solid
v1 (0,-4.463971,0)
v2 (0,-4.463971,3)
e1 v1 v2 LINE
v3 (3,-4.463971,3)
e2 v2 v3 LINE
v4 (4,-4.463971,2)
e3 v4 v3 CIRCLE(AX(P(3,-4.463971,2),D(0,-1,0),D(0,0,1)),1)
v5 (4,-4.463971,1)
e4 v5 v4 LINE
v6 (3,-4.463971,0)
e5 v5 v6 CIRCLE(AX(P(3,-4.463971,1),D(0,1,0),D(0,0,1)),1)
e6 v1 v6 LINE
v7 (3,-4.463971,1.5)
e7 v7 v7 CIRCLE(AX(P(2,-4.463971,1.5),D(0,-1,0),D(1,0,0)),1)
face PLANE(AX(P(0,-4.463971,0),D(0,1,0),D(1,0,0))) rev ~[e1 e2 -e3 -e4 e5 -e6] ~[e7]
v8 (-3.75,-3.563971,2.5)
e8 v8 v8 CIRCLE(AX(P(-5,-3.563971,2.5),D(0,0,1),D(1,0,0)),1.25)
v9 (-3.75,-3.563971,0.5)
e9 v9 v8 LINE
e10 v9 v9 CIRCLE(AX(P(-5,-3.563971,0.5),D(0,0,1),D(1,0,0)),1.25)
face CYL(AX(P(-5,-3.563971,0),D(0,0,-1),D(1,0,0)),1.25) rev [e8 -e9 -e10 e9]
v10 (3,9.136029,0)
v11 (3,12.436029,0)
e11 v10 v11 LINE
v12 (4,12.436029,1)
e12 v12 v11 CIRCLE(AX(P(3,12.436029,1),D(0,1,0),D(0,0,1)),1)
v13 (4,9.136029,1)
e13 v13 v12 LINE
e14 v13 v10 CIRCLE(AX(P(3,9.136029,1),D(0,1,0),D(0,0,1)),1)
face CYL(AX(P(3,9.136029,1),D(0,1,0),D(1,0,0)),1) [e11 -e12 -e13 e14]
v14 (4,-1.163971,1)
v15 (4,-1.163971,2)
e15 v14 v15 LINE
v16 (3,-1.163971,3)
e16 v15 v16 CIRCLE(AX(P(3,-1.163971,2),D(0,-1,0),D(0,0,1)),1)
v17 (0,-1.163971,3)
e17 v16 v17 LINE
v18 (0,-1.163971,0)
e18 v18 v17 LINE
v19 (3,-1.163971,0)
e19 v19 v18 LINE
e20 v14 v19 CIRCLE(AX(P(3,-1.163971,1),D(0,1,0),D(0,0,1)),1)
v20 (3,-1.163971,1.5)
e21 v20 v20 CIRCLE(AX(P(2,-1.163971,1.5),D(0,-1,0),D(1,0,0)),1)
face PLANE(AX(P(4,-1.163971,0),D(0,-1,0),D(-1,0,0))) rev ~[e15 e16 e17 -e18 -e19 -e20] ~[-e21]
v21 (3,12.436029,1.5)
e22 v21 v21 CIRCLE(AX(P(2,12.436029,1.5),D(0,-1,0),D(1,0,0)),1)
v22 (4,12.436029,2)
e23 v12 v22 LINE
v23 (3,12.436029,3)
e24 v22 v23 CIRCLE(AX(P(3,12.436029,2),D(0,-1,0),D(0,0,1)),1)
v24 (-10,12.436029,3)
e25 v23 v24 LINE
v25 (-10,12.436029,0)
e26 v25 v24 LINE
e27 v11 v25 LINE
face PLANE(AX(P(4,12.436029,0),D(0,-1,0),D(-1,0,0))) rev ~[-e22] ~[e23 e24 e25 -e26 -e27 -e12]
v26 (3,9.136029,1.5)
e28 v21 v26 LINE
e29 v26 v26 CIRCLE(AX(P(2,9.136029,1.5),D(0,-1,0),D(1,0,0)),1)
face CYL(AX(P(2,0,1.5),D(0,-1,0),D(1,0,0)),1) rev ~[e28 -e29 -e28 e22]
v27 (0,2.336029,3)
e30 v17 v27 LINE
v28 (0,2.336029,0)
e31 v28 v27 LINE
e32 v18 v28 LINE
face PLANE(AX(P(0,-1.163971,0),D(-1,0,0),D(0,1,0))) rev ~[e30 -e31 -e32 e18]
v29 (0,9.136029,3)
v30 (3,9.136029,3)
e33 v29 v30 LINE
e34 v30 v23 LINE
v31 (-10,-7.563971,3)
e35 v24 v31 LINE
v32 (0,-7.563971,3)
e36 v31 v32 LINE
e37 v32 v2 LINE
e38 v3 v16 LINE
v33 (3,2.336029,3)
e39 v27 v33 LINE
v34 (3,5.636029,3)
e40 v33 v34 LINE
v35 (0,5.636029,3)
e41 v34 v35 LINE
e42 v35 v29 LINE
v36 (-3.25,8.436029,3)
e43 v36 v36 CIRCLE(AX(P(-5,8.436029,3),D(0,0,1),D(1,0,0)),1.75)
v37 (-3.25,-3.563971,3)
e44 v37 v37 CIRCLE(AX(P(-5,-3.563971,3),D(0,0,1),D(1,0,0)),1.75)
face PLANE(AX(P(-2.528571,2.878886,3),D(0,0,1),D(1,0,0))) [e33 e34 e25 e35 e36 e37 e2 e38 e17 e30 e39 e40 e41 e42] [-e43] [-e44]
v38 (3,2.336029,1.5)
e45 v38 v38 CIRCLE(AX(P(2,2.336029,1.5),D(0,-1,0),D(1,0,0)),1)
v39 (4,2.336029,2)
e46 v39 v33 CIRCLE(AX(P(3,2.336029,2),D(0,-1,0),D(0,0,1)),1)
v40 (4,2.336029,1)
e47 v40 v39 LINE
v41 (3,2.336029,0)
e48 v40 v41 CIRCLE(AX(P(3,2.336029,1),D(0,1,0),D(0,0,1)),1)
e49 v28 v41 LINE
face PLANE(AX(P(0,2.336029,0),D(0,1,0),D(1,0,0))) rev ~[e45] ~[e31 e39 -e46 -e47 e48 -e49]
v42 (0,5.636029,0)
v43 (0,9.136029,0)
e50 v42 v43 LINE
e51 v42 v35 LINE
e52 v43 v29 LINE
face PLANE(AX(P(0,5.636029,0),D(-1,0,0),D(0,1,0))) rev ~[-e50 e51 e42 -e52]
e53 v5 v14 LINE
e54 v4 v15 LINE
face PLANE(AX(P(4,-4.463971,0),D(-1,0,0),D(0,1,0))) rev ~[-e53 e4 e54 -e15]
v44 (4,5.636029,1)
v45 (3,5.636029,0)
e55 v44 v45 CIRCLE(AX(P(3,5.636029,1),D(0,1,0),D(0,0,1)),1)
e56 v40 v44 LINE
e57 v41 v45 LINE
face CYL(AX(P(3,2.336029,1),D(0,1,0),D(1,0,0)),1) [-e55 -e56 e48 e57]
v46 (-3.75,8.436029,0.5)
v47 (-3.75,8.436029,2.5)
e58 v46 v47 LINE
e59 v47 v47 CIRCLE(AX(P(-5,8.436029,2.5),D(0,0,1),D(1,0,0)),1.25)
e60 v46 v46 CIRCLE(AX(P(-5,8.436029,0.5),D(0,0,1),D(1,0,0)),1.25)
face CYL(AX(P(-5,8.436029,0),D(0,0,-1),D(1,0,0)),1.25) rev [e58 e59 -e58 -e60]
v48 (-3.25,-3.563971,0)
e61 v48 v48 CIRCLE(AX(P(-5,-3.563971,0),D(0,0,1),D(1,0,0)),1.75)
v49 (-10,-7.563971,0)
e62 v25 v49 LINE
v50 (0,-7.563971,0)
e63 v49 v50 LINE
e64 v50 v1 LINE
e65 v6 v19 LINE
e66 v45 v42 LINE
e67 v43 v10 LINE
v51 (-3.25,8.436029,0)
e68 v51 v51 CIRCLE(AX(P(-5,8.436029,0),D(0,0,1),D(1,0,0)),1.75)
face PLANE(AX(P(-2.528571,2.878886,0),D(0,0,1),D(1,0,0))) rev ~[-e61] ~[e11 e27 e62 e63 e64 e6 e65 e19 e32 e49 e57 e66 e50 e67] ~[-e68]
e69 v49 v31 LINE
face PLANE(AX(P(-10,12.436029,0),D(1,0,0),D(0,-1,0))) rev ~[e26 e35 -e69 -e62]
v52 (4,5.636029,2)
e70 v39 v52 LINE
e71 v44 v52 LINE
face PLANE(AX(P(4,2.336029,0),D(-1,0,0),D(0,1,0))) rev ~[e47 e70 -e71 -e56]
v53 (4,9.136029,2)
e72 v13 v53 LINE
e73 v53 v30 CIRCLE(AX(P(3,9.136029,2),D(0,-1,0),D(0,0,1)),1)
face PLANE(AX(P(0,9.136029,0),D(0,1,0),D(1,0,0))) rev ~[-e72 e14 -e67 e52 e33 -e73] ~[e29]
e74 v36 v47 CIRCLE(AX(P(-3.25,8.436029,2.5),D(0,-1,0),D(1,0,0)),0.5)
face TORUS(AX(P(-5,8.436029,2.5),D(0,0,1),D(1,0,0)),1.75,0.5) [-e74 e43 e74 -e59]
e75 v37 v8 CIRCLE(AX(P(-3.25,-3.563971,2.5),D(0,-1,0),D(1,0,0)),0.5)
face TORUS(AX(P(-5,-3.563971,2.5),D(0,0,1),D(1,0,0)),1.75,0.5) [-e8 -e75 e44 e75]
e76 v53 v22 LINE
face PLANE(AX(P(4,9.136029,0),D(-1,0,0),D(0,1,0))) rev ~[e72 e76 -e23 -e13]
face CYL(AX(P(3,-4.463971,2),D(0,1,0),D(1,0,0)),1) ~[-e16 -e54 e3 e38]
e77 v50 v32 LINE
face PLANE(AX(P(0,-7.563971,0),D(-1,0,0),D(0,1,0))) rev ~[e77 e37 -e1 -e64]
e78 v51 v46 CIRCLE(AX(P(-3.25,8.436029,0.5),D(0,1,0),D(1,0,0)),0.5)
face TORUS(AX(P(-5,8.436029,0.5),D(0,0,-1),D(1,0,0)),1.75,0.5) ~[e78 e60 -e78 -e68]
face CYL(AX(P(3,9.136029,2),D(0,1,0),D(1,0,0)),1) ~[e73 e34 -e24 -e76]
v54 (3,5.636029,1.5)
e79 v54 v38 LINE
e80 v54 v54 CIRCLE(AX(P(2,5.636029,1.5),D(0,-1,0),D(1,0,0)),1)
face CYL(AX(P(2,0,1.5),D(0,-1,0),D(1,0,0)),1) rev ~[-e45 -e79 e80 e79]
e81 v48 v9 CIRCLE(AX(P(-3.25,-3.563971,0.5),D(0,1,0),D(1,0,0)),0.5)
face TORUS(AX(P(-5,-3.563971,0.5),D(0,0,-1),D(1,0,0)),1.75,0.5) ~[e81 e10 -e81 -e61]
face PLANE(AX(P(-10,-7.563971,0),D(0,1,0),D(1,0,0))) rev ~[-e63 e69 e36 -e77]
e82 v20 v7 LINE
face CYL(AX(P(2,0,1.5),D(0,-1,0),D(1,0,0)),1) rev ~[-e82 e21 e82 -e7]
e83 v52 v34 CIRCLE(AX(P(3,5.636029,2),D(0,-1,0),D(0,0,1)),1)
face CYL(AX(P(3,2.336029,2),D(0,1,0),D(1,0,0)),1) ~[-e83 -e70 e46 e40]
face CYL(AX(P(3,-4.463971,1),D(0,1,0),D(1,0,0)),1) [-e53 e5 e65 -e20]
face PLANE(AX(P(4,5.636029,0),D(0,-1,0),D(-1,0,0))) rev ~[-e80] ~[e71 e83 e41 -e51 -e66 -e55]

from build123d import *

# Parameters (mm, degrees)
F0_R     = 1.25
F1_DEPTH = 1.355102
F2_R     = 0.4
F3_R     = 1
F4_DEPTH = 18.831681
F5_DEPTH = 3
F6_R     = 1
F9_R     = 0.5


with BuildPart() as f1:
    # F0 (on Top) → F1 (new body)
    with BuildSketch(Plane.XY):
        Polygon((0, 12.436029), (-10, 12.436029), (-10, -7.563971), (0, -7.563971), (0, -4.463971), (4, -4.463971), (4, -1.163971), (0, -1.163971), (0, 2.336029), (4, 2.336029), (4, 5.636029), (0, 5.636029), (0, 9.136029), (4, 9.136029), (4, 12.436029), align=None)
        with Locations((-5, -3.563971)):
            Circle(F0_R, mode=Mode.SUBTRACT)
        with Locations((-5, 8.436029)):
            Circle(F0_R, mode=Mode.SUBTRACT)
    extrude(amount=F1_DEPTH)

    # F2
    f2_edges = [f1.edges().sort_by_distance(p)[0] for p in [
        (4, -2.813971, 1.355102),
        (4, 3.986029, 1.355102),
        (4, 10.786029, 1.355102),
        (4, -2.813971, 0),
        (4, 3.986029, 0),
        (4, 10.786029, 0),
    ]]
    fillet(f2_edges, radius=F2_R)


with BuildPart() as f4:
    # F3 (on Front) → F4 (new body, symmetric)
    with BuildSketch(Plane.XZ):
        with Locations((2, 1.5)):
            Circle(F3_R)
    extrude(amount=F4_DEPTH, both=True)


with BuildPart() as f5:
    # F0 (on Top) → F5 (new body)
    with BuildSketch(Plane.XY):
        Polygon((0, 12.436029), (-10, 12.436029), (-10, -7.563971), (0, -7.563971), (0, -4.463971), (4, -4.463971), (4, -1.163971), (0, -1.163971), (0, 2.336029), (4, 2.336029), (4, 5.636029), (0, 5.636029), (0, 9.136029), (4, 9.136029), (4, 12.436029), align=None)
        with Locations((-5, -3.563971)):
            Circle(F0_R, mode=Mode.SUBTRACT)
        with Locations((-5, 8.436029)):
            Circle(F0_R, mode=Mode.SUBTRACT)
    extrude(amount=F5_DEPTH)

    # F6
    f6_edges = [f5.edges().sort_by_distance(p)[0] for p in [
        (4, -2.813971, 3),
        (4, 3.986029, 3),
        (4, 10.786029, 3),
        (4, 10.786029, 0),
        (4, 3.986029, 0),
        (4, -2.813971, 0),
    ]]
    fillet(f6_edges, radius=F6_R)

    # F7: cut F4
    add(f4.part, mode=Mode.SUBTRACT)

    # F9
    f9_edges = [f5.edges().sort_by_distance(p)[0] for p in [
        (-6.25, -3.563971, 3),
        (-6.25, 8.436029, 3),
        (-6.25, -3.563971, 0),
        (-6.25, 8.436029, 0),
    ]]
    fillet(f9_edges, radius=F9_R)


solid = f5.part
